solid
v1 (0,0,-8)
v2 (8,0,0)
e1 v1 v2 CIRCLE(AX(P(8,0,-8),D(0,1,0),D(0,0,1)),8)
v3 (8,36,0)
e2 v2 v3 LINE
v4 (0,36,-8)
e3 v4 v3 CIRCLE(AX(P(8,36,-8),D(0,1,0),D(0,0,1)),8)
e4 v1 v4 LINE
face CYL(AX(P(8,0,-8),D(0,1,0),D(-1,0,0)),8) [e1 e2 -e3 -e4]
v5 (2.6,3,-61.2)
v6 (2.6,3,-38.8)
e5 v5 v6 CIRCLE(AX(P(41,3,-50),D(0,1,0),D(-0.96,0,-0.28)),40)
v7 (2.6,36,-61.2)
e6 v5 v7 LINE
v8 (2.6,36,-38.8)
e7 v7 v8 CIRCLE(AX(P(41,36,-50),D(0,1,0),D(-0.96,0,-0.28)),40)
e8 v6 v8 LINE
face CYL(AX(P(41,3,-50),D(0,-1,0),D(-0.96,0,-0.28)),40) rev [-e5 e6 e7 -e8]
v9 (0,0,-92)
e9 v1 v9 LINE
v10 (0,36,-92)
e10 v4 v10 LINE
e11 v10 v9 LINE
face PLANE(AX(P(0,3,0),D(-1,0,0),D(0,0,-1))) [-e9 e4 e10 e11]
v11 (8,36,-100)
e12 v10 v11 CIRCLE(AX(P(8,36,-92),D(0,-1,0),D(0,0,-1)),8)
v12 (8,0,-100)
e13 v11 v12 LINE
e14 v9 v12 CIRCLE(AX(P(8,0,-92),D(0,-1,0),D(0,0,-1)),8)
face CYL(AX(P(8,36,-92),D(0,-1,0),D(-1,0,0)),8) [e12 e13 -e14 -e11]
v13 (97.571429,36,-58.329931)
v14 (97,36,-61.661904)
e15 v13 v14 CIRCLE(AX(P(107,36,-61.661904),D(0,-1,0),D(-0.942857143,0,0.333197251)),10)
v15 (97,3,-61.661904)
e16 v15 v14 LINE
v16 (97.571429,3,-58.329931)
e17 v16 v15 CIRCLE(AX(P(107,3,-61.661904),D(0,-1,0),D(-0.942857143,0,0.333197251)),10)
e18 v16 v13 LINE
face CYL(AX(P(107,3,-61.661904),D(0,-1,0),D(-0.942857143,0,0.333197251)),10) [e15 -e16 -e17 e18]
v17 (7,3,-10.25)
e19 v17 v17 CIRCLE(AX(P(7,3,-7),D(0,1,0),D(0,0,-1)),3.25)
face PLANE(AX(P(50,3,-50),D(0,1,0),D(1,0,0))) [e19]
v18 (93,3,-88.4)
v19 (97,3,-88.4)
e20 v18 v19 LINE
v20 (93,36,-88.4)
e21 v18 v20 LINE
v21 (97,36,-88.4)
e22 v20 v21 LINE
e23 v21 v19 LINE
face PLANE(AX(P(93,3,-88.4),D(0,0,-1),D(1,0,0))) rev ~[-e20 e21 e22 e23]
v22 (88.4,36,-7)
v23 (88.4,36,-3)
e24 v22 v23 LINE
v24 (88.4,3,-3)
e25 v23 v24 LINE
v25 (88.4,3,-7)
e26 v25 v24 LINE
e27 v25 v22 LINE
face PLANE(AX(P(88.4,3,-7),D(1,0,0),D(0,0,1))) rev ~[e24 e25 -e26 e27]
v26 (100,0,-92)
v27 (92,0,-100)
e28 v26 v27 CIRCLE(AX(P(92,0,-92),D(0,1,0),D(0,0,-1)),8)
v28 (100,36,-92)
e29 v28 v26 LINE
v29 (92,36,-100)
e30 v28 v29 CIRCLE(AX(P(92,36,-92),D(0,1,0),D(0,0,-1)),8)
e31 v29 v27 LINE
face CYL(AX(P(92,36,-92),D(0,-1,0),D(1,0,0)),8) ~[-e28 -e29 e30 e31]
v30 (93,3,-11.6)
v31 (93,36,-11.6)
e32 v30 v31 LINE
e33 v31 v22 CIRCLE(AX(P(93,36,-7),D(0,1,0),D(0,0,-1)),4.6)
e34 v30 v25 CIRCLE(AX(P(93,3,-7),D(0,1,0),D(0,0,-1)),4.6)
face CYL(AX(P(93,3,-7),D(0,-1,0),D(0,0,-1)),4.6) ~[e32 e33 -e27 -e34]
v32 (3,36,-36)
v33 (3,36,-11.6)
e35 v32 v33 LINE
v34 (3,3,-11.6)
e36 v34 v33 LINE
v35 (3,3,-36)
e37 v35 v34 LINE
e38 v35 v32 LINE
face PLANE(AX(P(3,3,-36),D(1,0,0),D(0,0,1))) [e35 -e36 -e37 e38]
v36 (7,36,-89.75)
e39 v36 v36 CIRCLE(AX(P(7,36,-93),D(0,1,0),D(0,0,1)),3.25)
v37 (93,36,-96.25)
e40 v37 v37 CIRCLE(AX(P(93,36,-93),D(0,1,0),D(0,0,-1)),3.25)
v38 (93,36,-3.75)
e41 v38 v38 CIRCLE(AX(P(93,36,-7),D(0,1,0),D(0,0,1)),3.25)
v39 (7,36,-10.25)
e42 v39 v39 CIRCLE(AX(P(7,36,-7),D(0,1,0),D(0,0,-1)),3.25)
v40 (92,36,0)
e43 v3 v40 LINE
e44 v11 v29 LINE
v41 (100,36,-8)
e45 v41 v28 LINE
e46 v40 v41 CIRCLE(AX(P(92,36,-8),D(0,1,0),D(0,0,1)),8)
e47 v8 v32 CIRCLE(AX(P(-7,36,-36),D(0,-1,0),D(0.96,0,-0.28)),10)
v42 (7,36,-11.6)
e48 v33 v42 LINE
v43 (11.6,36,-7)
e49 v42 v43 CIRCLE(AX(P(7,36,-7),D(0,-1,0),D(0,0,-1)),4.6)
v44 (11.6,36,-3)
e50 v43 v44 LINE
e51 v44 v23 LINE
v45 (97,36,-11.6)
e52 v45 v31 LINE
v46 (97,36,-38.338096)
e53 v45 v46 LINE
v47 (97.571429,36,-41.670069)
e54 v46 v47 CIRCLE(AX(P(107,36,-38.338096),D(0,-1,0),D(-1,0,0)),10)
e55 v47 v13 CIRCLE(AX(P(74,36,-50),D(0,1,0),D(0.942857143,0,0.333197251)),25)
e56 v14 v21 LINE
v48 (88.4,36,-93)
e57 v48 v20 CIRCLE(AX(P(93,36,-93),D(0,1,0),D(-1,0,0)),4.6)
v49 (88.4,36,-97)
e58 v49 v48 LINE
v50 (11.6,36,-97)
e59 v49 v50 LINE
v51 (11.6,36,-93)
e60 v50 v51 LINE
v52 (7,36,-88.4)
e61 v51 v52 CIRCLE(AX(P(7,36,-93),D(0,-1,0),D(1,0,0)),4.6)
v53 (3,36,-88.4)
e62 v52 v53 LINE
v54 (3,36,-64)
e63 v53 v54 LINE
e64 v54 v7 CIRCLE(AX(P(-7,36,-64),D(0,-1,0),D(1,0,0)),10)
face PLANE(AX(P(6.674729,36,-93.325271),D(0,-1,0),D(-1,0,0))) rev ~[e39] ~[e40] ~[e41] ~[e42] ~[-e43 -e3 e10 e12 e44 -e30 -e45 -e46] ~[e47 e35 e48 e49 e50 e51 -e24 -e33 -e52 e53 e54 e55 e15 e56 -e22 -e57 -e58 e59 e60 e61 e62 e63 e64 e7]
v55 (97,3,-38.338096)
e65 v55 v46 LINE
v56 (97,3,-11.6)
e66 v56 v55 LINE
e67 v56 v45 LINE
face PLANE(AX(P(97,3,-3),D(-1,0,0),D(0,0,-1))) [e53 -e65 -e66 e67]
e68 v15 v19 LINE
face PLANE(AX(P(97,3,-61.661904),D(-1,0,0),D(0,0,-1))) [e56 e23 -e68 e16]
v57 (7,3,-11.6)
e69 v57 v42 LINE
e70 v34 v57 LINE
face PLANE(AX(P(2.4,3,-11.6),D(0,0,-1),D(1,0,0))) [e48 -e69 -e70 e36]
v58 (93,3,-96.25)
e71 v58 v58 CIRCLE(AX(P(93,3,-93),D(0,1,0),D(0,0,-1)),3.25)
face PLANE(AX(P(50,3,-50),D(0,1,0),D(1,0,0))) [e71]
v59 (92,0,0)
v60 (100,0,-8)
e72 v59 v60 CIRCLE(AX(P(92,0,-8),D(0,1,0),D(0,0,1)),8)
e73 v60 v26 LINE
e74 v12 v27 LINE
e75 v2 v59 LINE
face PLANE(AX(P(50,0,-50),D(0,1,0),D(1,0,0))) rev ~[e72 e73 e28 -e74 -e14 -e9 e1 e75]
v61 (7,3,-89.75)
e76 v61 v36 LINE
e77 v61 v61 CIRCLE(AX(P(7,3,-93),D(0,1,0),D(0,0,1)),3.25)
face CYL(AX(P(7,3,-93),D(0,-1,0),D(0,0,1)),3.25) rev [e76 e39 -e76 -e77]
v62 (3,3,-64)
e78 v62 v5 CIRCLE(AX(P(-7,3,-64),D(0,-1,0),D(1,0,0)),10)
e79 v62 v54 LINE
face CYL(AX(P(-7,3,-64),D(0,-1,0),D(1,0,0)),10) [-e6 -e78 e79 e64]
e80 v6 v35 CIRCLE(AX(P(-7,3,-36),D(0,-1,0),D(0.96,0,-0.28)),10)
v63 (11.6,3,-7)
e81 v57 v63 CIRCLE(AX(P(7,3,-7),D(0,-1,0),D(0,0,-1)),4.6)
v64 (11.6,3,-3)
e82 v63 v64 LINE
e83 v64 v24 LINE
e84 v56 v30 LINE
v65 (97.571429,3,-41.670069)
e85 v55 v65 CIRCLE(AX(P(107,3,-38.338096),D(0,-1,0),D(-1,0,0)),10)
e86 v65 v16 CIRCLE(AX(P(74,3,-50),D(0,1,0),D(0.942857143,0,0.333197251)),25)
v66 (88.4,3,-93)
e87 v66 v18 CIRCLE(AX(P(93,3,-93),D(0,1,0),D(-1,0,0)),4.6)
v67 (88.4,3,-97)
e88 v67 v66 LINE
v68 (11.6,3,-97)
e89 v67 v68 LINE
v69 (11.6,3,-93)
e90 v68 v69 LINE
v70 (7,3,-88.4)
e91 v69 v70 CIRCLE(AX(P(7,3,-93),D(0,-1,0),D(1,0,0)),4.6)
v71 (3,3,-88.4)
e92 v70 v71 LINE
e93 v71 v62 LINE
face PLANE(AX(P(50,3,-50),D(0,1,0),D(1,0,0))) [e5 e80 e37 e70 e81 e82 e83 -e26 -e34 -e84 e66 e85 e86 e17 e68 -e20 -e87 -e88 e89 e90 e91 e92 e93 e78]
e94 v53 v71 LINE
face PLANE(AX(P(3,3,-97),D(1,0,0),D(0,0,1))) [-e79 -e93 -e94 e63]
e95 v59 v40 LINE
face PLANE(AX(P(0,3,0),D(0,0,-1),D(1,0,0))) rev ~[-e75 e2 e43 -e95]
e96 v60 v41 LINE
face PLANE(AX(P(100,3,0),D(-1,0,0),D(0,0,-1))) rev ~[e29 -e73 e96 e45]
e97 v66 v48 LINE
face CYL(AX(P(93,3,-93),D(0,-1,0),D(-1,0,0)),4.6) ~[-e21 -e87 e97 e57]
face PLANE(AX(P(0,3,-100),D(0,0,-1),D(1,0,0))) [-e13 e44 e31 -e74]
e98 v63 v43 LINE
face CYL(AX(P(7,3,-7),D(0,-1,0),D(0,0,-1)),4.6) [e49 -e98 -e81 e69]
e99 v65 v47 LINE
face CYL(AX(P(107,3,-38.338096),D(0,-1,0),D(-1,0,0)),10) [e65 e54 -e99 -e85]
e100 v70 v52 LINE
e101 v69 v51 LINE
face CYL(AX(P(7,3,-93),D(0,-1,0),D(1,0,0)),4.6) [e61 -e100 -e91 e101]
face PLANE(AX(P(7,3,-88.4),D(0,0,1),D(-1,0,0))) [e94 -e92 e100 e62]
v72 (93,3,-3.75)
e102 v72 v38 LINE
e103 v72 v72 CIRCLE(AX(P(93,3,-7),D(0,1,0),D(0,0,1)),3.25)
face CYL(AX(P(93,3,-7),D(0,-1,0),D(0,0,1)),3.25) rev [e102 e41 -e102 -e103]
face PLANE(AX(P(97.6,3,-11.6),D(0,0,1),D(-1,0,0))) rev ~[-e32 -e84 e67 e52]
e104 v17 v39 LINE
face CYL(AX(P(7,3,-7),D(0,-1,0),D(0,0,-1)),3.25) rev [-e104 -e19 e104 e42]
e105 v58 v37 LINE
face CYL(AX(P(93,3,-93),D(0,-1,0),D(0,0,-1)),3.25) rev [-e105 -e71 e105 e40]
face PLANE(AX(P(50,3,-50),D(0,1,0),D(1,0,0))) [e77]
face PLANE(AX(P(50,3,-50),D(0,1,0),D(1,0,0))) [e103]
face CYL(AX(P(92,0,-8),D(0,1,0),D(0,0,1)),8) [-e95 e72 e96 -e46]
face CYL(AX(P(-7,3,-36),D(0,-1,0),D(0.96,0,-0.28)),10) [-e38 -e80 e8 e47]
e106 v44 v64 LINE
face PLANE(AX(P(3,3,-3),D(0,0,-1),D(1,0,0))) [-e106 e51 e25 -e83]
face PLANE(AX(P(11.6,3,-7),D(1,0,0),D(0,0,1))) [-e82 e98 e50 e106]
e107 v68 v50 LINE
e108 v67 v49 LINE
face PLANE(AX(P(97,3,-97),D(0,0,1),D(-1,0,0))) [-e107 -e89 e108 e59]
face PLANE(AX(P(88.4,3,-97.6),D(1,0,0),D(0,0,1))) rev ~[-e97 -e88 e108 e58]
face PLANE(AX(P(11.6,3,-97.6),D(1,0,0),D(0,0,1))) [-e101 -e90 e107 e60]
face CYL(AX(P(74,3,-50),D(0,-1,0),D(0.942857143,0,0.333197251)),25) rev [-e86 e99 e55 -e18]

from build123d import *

# Parameters (mm, degrees)
SKETCH_1_W      = 100
SKETCH_1_H      = 100
EXTRUDE_1_DEPTH = 3
SKETCH_4_W      = 100
SKETCH_4_H      = 100
EXTRUDE_4_DEPTH = 33
FILLET_3_R      = 8
SKETCH_7_R      = 3.25
EXTRUDE_6_DEPTH = 33


with BuildPart() as part:
    # Эскиз1 → Бобышка-Вытянуть1 (new body)
    with BuildSketch(Plane(origin=(0, 0, 0), x_dir=(1, 0, 0), z_dir=(0, 1, 0))):
        with Locations((50, 50)):
            Rectangle(SKETCH_1_W, SKETCH_1_H)
    extrude(amount=EXTRUDE_1_DEPTH)

    # Эскиз4 → Бобышка-Вытянуть4 (add)
    with BuildSketch(Plane(origin=(0, 3, 0), x_dir=(1, 0, 0), z_dir=(0, 1, 0))):
        with Locations((50, 50)):
            Rectangle(SKETCH_4_W, SKETCH_4_H)
        with BuildLine():
            Line((97, 97), (3, 97))
            Line((3, 97), (3, 64))
            ThreePointArc((3, 64), (2.899494937, 62.585786438), (2.6, 61.2))
            ThreePointArc((2.6, 61.2), (1, 50), (2.6, 38.8))
            ThreePointArc((2.6, 38.8), (2.899494937, 37.414213562), (3, 36))
            Line((3, 36), (3, 3))
            Line((3, 3), (97, 3))
            Line((97, 3), (97, 38.33809621))
            ThreePointArc((97, 38.33809621), (97.143892394, 40.02840472), (97.571428571, 41.670068722))
            ThreePointArc((97.571428571, 41.670068722), (99, 50), (97.571428571, 58.329931278))
            ThreePointArc((97.571428571, 58.329931278), (97.143892394, 59.97159528), (97, 61.66190379))
            Line((97, 61.66190379), (97, 97))
        make_face(mode=Mode.SUBTRACT)
    extrude(amount=EXTRUDE_4_DEPTH)

    # Скругление3
    fillet_3_edges = [part.edges().sort_by_distance(p)[0] for p in [
        (0, 18, -100),
        (100, 18, -100),
        (100, 18, 0),
        (0, 18, 0),
    ]]
    fillet(fillet_3_edges, radius=FILLET_3_R)

    # Эскиз7 → Бобышка-Вытянуть6 (add)
    # profile 1 of 4: a face of its own
    with BuildSketch(Plane(origin=(0, 3, 0), x_dir=(1, 0, 0), z_dir=(0, 1, 0))):
        with BuildLine():
            Line((7, 88.4), (2.4, 88.4))
            Line((2.4, 88.4), (2.4, 97.6))
            Line((2.4, 97.6), (11.6, 97.6))
            Line((11.6, 97.6), (11.6, 93))
            ThreePointArc((11.6, 93), (10.252691193, 89.747308807), (7, 88.4))
        make_face()
        with Locations(Location((7, 93, 0), (0, 0, 270))):
            Circle(SKETCH_7_R, mode=Mode.SUBTRACT)
    # profile 2 of 4: a face of its own
    with BuildSketch(Plane(origin=(0, 3, 0), x_dir=(1, 0, 0), z_dir=(0, 1, 0))):
        with BuildLine():
            Line((93, 88.4), (97.6, 88.4))
            Line((97.6, 88.4), (97.6, 97.6))
            Line((97.6, 97.6), (88.4, 97.6))
            Line((88.4, 97.6), (88.4, 93))
            ThreePointArc((88.4, 93), (89.747308807, 89.747308807), (93, 88.4))
        make_face()
        with Locations(Location((93, 93, 0), (0, 0, 90))):
            Circle(SKETCH_7_R, mode=Mode.SUBTRACT)
    # profile 3 of 4: a face of its own
    with BuildSketch(Plane(origin=(0, 3, 0), x_dir=(1, 0, 0), z_dir=(0, 1, 0))):
        with BuildLine():
            Line((88.4, 7), (88.4, 2.4))
            Line((88.4, 2.4), (97.6, 2.4))
            Line((97.6, 2.4), (97.6, 11.6))
            Line((97.6, 11.6), (93, 11.6))
            ThreePointArc((93, 11.6), (89.747308807, 10.252691193), (88.4, 7))
        make_face()
        with Locations(Location((93, 7, 0), (0, 0, 270))):
            Circle(SKETCH_7_R, mode=Mode.SUBTRACT)
    # profile 4 of 4: a face of its own
    with BuildSketch(Plane(origin=(0, 3, 0), x_dir=(1, 0, 0), z_dir=(0, 1, 0))):
        with BuildLine():
            Line((11.6, 7), (11.6, 2.4))
            Line((11.6, 2.4), (2.4, 2.4))
            Line((2.4, 2.4), (2.4, 11.6))
            Line((2.4, 11.6), (7, 11.6))
            ThreePointArc((7, 11.6), (10.252691193, 10.252691193), (11.6, 7))
        make_face()
        with Locations(Location((7, 7, 0), (0, 0, 90))):
            Circle(SKETCH_7_R, mode=Mode.SUBTRACT)
    extrude(amount=EXTRUDE_6_DEPTH)


solid = part.part
